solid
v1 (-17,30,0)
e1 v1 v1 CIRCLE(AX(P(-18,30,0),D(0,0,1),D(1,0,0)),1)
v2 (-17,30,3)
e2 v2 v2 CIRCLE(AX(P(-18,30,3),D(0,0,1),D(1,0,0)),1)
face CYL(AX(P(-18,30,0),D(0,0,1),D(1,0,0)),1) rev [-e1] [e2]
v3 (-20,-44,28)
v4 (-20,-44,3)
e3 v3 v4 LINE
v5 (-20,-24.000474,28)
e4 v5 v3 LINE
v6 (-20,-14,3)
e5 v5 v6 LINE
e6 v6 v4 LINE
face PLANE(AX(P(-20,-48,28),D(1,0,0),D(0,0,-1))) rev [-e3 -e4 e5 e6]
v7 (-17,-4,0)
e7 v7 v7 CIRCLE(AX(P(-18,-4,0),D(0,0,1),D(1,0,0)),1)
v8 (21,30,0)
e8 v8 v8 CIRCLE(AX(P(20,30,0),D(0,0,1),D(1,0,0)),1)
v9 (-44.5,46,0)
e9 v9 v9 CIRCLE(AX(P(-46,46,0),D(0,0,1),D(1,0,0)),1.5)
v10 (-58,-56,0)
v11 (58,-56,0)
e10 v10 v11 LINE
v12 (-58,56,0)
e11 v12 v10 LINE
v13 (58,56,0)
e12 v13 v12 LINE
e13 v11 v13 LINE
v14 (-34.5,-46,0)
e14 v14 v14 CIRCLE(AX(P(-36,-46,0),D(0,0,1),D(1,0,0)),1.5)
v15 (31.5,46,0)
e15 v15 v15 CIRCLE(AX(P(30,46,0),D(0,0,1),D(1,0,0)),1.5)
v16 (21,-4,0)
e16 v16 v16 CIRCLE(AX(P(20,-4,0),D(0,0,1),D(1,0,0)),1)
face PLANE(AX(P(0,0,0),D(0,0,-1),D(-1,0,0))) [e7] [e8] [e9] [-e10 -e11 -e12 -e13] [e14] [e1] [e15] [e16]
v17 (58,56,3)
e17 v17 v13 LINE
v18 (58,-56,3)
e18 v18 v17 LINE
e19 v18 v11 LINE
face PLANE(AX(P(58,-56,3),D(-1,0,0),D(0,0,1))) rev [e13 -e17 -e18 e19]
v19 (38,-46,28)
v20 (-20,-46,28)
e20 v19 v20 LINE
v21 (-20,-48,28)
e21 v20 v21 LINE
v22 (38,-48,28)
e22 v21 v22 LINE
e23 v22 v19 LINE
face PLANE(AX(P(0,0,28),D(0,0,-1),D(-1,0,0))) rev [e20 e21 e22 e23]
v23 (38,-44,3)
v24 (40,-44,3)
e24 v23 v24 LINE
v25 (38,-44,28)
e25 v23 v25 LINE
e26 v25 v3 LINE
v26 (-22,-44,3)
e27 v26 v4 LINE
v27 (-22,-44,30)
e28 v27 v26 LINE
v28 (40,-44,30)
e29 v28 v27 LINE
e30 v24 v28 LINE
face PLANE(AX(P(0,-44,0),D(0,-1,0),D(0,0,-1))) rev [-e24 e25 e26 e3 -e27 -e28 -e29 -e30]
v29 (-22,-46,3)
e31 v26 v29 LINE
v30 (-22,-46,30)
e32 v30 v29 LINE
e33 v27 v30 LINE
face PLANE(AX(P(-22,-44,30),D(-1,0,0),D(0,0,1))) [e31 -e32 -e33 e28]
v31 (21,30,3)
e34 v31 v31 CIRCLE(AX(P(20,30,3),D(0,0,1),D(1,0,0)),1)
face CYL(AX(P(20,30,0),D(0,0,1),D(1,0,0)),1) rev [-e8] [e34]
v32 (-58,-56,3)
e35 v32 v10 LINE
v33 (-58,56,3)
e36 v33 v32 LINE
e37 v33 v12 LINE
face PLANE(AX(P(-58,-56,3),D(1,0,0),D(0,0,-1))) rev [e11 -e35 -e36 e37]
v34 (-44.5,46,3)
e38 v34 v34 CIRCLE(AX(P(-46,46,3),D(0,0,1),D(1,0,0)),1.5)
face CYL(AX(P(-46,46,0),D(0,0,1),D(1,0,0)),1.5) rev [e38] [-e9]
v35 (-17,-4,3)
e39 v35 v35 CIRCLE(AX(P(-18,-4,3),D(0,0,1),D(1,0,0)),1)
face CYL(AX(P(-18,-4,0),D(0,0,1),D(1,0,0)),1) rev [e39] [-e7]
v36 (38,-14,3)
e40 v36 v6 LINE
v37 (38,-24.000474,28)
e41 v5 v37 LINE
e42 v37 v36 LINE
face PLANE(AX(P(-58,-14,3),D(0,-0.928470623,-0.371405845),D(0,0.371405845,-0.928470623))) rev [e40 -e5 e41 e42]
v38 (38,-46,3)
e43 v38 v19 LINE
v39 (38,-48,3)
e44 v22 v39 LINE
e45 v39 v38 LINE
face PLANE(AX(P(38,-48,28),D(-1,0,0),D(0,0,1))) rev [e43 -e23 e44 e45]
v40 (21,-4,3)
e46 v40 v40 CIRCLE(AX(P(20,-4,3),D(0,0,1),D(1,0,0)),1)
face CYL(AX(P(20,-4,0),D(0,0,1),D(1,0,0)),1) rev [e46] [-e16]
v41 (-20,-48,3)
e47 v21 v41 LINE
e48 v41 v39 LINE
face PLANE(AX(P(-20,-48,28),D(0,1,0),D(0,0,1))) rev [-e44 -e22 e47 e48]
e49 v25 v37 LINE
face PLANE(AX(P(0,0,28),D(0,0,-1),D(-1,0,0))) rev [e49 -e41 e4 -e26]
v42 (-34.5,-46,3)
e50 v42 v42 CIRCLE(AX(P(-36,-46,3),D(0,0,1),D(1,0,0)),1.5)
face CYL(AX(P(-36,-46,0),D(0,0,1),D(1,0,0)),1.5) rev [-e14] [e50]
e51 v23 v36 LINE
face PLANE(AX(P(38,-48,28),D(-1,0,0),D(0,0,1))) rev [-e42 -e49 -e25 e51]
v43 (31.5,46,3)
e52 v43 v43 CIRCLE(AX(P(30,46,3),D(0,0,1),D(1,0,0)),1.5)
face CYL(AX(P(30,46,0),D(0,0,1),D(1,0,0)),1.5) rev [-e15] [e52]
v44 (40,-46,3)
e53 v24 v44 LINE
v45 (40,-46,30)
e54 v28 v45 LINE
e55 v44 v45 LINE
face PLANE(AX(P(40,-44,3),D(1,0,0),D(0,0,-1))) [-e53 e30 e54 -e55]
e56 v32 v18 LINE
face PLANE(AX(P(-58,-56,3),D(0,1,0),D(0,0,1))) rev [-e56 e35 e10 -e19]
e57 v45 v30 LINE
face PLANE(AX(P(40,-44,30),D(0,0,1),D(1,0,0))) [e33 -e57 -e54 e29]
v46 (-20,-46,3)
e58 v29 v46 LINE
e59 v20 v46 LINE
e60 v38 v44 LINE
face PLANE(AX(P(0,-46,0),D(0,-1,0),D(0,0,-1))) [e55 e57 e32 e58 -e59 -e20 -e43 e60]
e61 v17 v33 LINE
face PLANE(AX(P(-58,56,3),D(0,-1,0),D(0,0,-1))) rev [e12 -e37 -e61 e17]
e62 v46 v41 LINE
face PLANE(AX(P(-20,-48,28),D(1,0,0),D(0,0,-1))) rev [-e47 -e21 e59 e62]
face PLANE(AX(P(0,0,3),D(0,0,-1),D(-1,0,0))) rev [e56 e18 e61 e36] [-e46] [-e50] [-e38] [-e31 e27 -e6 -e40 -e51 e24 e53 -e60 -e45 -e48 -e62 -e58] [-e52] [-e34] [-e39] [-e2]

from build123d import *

# Parameters (mm, degrees)
CROQUIS1_W              = 116
CROQUIS1_H              = 112
SALIENTE_EXTRUIR1_DEPTH = 3
CROQUIS2_W              = 58
CROQUIS2_H              = 34
SALIENTE_EXTRUIR2_DEPTH = 25
CROQUIS3_W              = 62
CROQUIS3_H              = 27
SALIENTE_EXTRUIR3_DEPTH = 2
CORTAR_EXTRUIR1_DEPTH   = 116.117331449
CROQUIS5_R              = 1.5
CROQUIS5_R_2            = 1
CORTAR_EXTRUIR2_DEPTH   = 86.023526156


with BuildPart() as part:
    # Croquis1 → Saliente-Extruir1 (new body)
    with BuildSketch(Plane.XY):
        Rectangle(CROQUIS1_W, CROQUIS1_H)
    extrude(amount=SALIENTE_EXTRUIR1_DEPTH)

    # Croquis2 → Saliente-Extruir2 (add)
    with BuildSketch(Plane.XY.offset(3)):
        with Locations((9, -31)):
            Rectangle(CROQUIS2_W, CROQUIS2_H)
    extrude(amount=SALIENTE_EXTRUIR2_DEPTH)

    # Croquis3 → Saliente-Extruir3 (add)
    with BuildSketch(Plane(origin=(0, -46, 0), x_dir=(-1, 0, 0), z_dir=(0, -1, 0))):
        with Locations((-9, -16.5)):
            Rectangle(CROQUIS3_W, CROQUIS3_H)
    extrude(amount=-SALIENTE_EXTRUIR3_DEPTH)

    # Croquis4 → Cortar-Extruir1 (cut, through all)
    with BuildSketch(Plane(origin=(38, 0, 0), x_dir=(0, 0, -1), z_dir=(1, 0, 0))):
        Polygon((-3, -14), (-28, -24.000473789), (-28, -14), align=None)
    extrude(amount=-CORTAR_EXTRUIR1_DEPTH, mode=Mode.SUBTRACT)

    # Croquis5 → Cortar-Extruir2 (cut, through all)
    with BuildSketch(Plane.XY.offset(3)):
        with Locations((-36, -46)):
            Circle(CROQUIS5_R)
        with Locations((-46, 46)):
            Circle(CROQUIS5_R)
        with Locations((30, 46)):
            Circle(CROQUIS5_R)
        with Locations((20, 30)):
            Circle(CROQUIS5_R_2)
        with Locations((20, -4)):
            Circle(CROQUIS5_R_2)
        with Locations((-18, -4)):
            Circle(CROQUIS5_R_2)
        with Locations((-18, 30)):
            Circle(CROQUIS5_R_2)
    extrude(amount=-CORTAR_EXTRUIR2_DEPTH, mode=Mode.SUBTRACT)


solid = part.part
